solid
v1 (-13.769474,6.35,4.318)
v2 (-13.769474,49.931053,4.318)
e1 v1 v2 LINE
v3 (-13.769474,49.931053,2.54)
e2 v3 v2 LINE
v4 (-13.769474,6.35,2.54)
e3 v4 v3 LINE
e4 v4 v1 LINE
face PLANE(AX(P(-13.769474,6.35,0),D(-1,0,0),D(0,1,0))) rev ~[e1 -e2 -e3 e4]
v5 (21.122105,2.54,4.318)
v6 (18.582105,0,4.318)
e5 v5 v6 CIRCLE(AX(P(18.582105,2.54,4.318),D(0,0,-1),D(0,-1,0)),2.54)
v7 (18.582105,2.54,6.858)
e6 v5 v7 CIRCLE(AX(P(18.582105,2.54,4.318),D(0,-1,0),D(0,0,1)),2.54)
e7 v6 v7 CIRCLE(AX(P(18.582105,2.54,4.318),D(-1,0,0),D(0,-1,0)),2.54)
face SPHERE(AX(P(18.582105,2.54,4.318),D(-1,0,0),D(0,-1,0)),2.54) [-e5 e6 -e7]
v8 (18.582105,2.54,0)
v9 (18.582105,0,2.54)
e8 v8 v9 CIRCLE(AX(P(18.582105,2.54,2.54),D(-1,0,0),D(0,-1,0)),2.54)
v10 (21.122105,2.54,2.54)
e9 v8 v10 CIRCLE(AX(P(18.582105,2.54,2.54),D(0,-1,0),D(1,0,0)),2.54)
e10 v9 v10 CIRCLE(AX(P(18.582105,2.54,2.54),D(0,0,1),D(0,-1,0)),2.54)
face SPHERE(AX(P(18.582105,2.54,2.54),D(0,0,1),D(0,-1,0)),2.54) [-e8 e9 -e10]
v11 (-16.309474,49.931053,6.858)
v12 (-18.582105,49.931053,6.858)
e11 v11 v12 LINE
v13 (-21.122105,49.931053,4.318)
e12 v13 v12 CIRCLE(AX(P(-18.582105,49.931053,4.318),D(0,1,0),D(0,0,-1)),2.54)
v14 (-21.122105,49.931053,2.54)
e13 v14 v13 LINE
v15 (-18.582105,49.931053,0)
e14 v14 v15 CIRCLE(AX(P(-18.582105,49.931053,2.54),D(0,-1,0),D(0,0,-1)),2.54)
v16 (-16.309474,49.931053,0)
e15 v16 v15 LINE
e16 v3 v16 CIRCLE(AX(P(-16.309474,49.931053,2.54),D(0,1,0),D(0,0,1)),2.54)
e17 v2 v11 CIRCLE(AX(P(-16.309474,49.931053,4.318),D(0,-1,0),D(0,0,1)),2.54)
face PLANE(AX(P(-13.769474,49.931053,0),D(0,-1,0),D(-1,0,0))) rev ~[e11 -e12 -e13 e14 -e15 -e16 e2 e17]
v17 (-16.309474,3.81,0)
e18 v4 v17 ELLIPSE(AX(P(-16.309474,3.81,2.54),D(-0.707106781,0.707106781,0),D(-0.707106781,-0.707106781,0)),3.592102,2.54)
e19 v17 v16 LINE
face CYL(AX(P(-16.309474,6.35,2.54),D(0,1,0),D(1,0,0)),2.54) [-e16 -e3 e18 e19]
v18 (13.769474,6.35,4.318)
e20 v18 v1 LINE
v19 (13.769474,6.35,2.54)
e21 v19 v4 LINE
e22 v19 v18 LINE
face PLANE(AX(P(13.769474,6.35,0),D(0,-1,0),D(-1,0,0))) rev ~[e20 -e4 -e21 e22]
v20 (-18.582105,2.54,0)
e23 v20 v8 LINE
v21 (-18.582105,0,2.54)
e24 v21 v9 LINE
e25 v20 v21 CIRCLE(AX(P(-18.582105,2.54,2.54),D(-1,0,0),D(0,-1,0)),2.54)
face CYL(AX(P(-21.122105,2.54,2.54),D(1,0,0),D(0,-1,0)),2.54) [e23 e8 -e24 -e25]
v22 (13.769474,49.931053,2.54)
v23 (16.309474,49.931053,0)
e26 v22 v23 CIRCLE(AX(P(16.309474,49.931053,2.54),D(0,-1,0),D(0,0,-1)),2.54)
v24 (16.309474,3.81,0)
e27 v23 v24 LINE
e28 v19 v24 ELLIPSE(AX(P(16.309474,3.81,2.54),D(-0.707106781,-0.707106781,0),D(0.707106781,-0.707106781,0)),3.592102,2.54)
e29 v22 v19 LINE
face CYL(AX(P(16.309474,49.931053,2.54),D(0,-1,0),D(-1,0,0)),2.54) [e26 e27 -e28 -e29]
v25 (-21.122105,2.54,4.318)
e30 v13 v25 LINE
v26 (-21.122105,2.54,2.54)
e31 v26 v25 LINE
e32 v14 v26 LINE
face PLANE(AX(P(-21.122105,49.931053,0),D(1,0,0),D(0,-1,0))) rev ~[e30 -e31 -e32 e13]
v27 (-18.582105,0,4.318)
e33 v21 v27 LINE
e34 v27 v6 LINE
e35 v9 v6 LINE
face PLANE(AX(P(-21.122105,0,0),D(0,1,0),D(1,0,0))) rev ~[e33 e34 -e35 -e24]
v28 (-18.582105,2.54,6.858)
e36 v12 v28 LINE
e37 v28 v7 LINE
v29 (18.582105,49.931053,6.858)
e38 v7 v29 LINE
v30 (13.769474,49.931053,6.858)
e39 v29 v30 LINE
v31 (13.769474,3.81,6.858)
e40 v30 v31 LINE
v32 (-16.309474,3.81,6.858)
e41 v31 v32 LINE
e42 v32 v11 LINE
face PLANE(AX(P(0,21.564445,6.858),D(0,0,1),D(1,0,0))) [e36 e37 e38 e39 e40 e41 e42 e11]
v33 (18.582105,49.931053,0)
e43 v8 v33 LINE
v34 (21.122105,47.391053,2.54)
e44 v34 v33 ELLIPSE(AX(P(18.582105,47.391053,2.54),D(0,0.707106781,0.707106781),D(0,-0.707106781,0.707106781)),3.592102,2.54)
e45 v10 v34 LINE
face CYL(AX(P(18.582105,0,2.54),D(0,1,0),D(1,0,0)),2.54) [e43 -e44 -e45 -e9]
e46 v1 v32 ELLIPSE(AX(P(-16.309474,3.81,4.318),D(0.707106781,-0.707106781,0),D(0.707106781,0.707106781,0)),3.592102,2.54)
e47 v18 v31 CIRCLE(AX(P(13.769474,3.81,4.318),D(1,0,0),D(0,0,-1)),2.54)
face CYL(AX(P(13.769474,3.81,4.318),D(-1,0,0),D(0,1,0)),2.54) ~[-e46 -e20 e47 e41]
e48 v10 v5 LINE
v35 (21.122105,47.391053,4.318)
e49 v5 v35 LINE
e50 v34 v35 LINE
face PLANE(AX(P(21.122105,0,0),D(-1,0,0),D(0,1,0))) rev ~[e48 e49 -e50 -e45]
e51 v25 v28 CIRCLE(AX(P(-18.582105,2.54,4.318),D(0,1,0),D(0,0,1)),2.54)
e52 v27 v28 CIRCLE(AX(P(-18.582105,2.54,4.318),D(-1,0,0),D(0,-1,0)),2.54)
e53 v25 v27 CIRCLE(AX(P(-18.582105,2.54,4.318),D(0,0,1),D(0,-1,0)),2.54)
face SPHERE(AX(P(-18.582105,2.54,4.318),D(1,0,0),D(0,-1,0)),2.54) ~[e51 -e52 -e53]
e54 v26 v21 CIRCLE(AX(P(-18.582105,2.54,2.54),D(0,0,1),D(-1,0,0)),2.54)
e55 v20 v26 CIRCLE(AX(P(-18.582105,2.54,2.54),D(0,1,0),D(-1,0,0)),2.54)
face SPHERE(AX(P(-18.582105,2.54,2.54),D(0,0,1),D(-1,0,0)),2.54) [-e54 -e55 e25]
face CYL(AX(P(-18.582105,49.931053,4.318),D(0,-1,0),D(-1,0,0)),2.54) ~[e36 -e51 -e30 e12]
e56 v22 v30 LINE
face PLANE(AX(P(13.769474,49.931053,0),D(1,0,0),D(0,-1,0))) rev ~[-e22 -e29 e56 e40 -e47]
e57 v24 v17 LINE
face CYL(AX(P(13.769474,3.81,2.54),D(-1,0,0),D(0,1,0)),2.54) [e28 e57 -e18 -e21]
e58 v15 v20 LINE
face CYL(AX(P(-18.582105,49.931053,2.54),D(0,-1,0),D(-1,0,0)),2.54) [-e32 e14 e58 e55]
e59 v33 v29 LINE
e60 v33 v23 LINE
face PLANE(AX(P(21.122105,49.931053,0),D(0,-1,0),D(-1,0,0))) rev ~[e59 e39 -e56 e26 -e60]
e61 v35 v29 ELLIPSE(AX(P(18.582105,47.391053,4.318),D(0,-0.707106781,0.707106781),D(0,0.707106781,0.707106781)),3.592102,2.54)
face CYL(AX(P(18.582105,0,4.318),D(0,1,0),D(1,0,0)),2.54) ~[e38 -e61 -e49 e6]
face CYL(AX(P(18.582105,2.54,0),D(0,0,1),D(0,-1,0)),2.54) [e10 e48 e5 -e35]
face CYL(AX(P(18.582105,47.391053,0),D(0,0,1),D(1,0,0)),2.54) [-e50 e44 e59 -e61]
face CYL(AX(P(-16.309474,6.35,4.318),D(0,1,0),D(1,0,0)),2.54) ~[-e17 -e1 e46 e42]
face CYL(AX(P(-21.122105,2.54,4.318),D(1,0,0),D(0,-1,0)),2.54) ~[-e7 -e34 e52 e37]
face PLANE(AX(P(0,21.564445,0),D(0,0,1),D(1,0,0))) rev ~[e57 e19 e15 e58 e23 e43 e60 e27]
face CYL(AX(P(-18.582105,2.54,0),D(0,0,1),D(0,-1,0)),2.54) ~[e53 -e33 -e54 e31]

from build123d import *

# Parameters (mm, degrees)
F1_DEPTH = 6.858
F2_R     = 2.54
F3_R     = 1.723698
F4_DEPTH = 13.6906


with BuildPart() as f1:
    # F0 (on Top) → F1 (new body)
    with BuildSketch(Plane.XY):
        Polygon((-21.122105, 0), (0, 0), (21.122105, 0), (21.122105, 49.931053), (13.769474, 49.931053), (13.769474, 6.35), (0, 6.35), (-13.769474, 6.35), (-13.769474, 49.931053), (-21.122105, 49.931053), align=None)
    extrude(amount=F1_DEPTH)

    # F2
    f2_edges = [f1.edges().sort_by_distance(p)[0] for p in [
        (13.769474, 28.140527, 0),
        (0, 6.35, 0),
        (-13.769474, 28.140527, 0),
        (0, 0, 6.858),
        (21.122105, 0, 3.429),
        (21.122105, 49.931053, 3.429),
        (21.122105, 24.965527, 6.858),
        (-21.122105, 0, 3.429),
        (-21.122105, 24.965527, 0),
        (-21.122105, 24.965527, 6.858),
        (0, 0, 0),
        (21.122105, 24.965527, 0),
        (-13.769474, 28.140527, 6.858),
        (0, 6.35, 6.858),
    ]]
    fillet(f2_edges, radius=F2_R)

    # F3 (on face) → F4 (join)
    with BuildSketch(Plane(origin=(0, 49.931053, 0), x_dir=(-1, 0, 0), z_dir=(0, 1, 0))):
        with Locations((17.637752, 3.690227)):
            Circle(F3_R)
    extrude(amount=-F4_DEPTH)


solid = f1.part
